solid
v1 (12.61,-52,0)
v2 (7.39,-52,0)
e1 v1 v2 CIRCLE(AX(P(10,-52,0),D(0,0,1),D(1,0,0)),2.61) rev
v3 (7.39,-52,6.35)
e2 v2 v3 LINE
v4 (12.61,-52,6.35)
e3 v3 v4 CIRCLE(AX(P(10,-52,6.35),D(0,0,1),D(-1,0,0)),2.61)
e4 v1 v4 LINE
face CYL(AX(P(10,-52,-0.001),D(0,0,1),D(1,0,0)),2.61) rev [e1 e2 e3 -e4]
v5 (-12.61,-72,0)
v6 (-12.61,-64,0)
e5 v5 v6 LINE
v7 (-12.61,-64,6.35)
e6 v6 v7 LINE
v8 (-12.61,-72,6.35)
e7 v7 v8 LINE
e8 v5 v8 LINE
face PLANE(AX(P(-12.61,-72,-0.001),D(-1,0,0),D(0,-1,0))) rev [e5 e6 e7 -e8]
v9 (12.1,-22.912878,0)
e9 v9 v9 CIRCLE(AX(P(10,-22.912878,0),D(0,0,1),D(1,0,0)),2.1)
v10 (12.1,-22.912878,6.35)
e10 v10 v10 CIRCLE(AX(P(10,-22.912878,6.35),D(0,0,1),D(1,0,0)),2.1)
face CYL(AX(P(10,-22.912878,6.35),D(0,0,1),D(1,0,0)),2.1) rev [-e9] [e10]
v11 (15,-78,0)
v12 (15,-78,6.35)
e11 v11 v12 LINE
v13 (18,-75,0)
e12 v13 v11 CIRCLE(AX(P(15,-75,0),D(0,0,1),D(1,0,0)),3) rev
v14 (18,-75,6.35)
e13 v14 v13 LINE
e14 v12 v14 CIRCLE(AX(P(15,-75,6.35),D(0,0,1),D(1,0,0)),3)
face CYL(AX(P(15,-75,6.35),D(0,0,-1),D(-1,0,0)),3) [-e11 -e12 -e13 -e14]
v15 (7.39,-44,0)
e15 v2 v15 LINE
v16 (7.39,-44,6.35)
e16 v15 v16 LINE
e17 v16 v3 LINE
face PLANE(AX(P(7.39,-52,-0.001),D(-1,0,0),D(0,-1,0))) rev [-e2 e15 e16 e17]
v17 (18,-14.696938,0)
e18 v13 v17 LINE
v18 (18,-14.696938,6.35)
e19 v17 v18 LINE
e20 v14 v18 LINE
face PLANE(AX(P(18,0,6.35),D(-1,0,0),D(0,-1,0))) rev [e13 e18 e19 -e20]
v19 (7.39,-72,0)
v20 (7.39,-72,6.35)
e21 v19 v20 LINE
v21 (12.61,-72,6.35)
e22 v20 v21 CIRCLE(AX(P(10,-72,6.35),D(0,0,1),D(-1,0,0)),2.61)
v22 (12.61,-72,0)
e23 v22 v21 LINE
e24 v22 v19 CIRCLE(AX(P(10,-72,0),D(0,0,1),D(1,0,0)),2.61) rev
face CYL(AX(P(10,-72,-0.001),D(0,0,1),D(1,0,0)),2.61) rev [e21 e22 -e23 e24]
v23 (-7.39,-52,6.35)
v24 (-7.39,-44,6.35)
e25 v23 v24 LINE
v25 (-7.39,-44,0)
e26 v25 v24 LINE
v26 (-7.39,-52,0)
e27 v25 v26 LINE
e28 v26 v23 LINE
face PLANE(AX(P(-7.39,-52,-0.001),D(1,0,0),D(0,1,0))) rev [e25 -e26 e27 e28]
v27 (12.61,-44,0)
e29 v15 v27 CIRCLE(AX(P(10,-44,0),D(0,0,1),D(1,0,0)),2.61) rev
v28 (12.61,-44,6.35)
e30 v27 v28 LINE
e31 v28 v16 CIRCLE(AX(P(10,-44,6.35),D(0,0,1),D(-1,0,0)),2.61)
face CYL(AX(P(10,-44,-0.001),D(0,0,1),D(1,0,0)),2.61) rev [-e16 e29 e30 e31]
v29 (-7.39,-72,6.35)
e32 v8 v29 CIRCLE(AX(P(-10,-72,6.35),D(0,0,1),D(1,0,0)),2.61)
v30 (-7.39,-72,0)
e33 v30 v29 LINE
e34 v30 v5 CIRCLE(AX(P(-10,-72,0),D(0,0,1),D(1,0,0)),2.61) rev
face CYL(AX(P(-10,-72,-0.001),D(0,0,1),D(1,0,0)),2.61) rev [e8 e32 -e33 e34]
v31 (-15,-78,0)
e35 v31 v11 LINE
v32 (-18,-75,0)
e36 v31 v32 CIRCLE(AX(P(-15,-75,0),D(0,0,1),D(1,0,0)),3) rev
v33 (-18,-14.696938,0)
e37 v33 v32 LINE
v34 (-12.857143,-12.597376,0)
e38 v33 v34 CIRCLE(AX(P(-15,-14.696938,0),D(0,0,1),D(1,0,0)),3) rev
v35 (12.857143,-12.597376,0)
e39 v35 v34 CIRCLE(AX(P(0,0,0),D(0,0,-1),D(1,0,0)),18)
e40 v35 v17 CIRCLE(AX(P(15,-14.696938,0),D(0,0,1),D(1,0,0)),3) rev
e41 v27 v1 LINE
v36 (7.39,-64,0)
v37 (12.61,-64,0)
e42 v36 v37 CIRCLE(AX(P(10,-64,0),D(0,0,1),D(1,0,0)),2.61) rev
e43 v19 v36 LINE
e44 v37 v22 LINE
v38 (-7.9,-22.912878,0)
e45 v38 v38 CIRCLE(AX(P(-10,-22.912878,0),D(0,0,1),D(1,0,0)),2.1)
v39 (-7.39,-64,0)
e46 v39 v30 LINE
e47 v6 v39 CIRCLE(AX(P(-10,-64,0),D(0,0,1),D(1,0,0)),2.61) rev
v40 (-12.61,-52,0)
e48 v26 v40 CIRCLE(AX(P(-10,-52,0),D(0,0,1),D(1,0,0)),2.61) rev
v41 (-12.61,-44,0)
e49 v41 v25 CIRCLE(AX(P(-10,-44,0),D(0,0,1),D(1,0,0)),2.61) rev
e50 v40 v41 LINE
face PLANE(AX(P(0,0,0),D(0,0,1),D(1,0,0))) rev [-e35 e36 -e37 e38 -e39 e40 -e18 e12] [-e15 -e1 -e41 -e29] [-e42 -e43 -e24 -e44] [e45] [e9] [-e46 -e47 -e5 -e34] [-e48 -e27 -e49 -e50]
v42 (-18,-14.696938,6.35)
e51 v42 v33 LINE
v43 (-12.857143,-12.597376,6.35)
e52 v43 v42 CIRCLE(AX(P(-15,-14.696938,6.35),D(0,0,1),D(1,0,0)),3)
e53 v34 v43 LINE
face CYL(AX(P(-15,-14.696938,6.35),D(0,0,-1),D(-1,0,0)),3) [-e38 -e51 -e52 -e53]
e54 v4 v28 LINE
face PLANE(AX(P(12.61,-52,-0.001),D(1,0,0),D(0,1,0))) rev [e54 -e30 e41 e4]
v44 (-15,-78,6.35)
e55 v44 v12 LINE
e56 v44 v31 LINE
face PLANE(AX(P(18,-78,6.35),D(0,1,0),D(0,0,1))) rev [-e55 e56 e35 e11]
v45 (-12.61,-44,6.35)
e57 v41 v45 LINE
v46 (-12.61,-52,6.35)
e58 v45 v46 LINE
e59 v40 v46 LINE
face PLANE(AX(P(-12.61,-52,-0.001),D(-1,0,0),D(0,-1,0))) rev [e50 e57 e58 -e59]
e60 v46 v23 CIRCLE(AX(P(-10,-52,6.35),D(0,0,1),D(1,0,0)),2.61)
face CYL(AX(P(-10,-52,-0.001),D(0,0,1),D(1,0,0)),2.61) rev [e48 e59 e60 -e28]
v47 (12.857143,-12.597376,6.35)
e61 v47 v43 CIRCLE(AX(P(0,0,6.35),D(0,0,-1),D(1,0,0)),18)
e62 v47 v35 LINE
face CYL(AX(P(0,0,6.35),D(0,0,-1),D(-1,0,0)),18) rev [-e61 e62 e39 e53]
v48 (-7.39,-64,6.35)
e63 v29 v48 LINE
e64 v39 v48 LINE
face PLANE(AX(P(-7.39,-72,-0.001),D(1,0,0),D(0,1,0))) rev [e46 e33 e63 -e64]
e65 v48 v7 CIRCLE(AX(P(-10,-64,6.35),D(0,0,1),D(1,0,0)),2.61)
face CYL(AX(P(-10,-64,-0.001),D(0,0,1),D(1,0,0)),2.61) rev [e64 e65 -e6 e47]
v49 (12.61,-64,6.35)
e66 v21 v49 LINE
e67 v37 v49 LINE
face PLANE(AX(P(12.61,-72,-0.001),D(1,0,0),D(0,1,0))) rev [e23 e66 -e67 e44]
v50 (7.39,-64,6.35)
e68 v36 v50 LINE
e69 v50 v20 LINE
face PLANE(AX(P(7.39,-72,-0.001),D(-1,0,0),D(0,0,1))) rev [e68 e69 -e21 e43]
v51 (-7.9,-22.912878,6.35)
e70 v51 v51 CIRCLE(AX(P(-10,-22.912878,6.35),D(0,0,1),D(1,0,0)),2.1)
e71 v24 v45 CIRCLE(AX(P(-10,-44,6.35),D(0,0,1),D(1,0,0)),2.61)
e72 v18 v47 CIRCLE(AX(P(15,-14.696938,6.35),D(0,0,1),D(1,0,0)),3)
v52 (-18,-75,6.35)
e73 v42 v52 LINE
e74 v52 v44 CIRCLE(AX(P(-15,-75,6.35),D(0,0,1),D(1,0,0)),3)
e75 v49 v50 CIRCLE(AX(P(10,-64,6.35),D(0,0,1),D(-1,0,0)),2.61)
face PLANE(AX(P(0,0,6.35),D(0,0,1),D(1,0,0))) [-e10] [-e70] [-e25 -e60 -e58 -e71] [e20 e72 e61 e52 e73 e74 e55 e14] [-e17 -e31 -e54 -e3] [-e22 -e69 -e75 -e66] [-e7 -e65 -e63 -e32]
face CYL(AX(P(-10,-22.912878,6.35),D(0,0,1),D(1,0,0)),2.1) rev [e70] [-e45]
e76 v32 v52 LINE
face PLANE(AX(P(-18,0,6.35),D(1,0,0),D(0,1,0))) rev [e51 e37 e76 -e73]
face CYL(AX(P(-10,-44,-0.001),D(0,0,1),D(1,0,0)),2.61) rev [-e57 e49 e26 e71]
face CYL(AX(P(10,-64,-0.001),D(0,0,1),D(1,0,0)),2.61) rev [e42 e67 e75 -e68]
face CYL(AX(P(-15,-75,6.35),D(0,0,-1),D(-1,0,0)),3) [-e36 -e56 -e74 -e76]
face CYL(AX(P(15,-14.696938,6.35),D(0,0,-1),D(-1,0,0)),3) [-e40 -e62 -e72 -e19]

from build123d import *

# Parameters (mm, degrees)
BOSS_EXTRUDE1_DEPTH         = 6.35
FILLET1_R                   = 3
CUT_EXTRUDE1_REACH          = 82.301
TAP_DRILL_FOR_M5X0_8_TAP1_D = 4.2


with BuildPart() as part:
    # Sketch1 → Boss-Extrude1 (new body)
    with BuildSketch(Plane.XY):
        with BuildLine():
            Line((18, 0), (18, -78))
            Line((18, -78), (-18, -78))
            Line((-18, -78), (-18, 0))
            ThreePointArc((-18, 0), (0, -18), (18, 0))
        make_face()
    extrude(amount=BOSS_EXTRUDE1_DEPTH)

    # Fillet1
    fillet1_edges = [part.edges().sort_by_distance(p)[0] for p in [
        (18, 0, 3.175),
        (18, -78, 3.175),
        (-18, -78, 3.175),
        (-18, 0, 3.175),
    ]]
    fillet(fillet1_edges, radius=FILLET1_R)

    # Sketch2 → Cut-Extrude1 (cut, up to next)
    with BuildSketch(Plane.XY.offset(6.35), mode=Mode.PRIVATE) as cut_extrude1_sk1:
        with BuildLine():
            Line((-12.61, -72), (-12.61, -64))
            ThreePointArc((-12.61, -64), (-10, -61.39), (-7.39, -64))
            Line((-7.39, -64), (-7.39, -72))
            ThreePointArc((-7.39, -72), (-10, -74.61), (-12.61, -72))
        make_face()
    cut_extrude1_tool1 = extrude(cut_extrude1_sk1.sketch, amount=-CUT_EXTRUDE1_REACH, mode=Mode.PRIVATE) & part.part
    # Sketch2 → Cut-Extrude1 (cut, up to next)
    with BuildSketch(Plane.XY.offset(6.35), mode=Mode.PRIVATE) as cut_extrude1_sk2:
        with BuildLine():
            Line((-12.61, -52), (-12.61, -44))
            ThreePointArc((-12.61, -44), (-10, -41.39), (-7.39, -44))
            Line((-7.39, -44), (-7.39, -52))
            ThreePointArc((-7.39, -52), (-10, -54.61), (-12.61, -52))
        make_face()
    cut_extrude1_tool2 = extrude(cut_extrude1_sk2.sketch, amount=-CUT_EXTRUDE1_REACH, mode=Mode.PRIVATE) & part.part
    # Sketch2 → Cut-Extrude1 (cut, up to next)
    with BuildSketch(Plane.XY.offset(6.35), mode=Mode.PRIVATE) as cut_extrude1_sk3:
        with BuildLine():
            Line((12.61, -72), (12.61, -64))
            ThreePointArc((12.61, -64), (10, -61.39), (7.39, -64))
            Line((7.39, -64), (7.39, -72))
            ThreePointArc((7.39, -72), (10, -74.61), (12.61, -72))
        make_face()
    cut_extrude1_tool3 = extrude(cut_extrude1_sk3.sketch, amount=-CUT_EXTRUDE1_REACH, mode=Mode.PRIVATE) & part.part
    # Sketch2 → Cut-Extrude1 (cut, up to next)
    with BuildSketch(Plane.XY.offset(6.35), mode=Mode.PRIVATE) as cut_extrude1_sk4:
        with BuildLine():
            Line((12.61, -52), (12.61, -44))
            ThreePointArc((12.61, -44), (10, -41.39), (7.39, -44))
            Line((7.39, -44), (7.39, -52))
            ThreePointArc((7.39, -52), (10, -54.61), (12.61, -52))
        make_face()
    cut_extrude1_tool4 = extrude(cut_extrude1_sk4.sketch, amount=-CUT_EXTRUDE1_REACH, mode=Mode.PRIVATE) & part.part
    add(cut_extrude1_tool1.solids().sort_by_distance((-10, -68, 6.35))[0], mode=Mode.SUBTRACT)
    add(cut_extrude1_tool2.solids().sort_by_distance((-10, -48, 6.35))[0], mode=Mode.SUBTRACT)
    add(cut_extrude1_tool3.solids().sort_by_distance((10, -68, 6.35))[0], mode=Mode.SUBTRACT)
    add(cut_extrude1_tool4.solids().sort_by_distance((10, -48, 6.35))[0], mode=Mode.SUBTRACT)

    # Tap Drill for M5x0.8 Tap1 (through all)
    with Locations(Plane(origin=(-10, -22.912878475, 6.35), x_dir=(1, 0, 0), z_dir=(0, 0, 1))):
        with Locations((0, 0), (20, 0)):
            Hole(TAP_DRILL_FOR_M5X0_8_TAP1_D / 2)


solid = part.part
